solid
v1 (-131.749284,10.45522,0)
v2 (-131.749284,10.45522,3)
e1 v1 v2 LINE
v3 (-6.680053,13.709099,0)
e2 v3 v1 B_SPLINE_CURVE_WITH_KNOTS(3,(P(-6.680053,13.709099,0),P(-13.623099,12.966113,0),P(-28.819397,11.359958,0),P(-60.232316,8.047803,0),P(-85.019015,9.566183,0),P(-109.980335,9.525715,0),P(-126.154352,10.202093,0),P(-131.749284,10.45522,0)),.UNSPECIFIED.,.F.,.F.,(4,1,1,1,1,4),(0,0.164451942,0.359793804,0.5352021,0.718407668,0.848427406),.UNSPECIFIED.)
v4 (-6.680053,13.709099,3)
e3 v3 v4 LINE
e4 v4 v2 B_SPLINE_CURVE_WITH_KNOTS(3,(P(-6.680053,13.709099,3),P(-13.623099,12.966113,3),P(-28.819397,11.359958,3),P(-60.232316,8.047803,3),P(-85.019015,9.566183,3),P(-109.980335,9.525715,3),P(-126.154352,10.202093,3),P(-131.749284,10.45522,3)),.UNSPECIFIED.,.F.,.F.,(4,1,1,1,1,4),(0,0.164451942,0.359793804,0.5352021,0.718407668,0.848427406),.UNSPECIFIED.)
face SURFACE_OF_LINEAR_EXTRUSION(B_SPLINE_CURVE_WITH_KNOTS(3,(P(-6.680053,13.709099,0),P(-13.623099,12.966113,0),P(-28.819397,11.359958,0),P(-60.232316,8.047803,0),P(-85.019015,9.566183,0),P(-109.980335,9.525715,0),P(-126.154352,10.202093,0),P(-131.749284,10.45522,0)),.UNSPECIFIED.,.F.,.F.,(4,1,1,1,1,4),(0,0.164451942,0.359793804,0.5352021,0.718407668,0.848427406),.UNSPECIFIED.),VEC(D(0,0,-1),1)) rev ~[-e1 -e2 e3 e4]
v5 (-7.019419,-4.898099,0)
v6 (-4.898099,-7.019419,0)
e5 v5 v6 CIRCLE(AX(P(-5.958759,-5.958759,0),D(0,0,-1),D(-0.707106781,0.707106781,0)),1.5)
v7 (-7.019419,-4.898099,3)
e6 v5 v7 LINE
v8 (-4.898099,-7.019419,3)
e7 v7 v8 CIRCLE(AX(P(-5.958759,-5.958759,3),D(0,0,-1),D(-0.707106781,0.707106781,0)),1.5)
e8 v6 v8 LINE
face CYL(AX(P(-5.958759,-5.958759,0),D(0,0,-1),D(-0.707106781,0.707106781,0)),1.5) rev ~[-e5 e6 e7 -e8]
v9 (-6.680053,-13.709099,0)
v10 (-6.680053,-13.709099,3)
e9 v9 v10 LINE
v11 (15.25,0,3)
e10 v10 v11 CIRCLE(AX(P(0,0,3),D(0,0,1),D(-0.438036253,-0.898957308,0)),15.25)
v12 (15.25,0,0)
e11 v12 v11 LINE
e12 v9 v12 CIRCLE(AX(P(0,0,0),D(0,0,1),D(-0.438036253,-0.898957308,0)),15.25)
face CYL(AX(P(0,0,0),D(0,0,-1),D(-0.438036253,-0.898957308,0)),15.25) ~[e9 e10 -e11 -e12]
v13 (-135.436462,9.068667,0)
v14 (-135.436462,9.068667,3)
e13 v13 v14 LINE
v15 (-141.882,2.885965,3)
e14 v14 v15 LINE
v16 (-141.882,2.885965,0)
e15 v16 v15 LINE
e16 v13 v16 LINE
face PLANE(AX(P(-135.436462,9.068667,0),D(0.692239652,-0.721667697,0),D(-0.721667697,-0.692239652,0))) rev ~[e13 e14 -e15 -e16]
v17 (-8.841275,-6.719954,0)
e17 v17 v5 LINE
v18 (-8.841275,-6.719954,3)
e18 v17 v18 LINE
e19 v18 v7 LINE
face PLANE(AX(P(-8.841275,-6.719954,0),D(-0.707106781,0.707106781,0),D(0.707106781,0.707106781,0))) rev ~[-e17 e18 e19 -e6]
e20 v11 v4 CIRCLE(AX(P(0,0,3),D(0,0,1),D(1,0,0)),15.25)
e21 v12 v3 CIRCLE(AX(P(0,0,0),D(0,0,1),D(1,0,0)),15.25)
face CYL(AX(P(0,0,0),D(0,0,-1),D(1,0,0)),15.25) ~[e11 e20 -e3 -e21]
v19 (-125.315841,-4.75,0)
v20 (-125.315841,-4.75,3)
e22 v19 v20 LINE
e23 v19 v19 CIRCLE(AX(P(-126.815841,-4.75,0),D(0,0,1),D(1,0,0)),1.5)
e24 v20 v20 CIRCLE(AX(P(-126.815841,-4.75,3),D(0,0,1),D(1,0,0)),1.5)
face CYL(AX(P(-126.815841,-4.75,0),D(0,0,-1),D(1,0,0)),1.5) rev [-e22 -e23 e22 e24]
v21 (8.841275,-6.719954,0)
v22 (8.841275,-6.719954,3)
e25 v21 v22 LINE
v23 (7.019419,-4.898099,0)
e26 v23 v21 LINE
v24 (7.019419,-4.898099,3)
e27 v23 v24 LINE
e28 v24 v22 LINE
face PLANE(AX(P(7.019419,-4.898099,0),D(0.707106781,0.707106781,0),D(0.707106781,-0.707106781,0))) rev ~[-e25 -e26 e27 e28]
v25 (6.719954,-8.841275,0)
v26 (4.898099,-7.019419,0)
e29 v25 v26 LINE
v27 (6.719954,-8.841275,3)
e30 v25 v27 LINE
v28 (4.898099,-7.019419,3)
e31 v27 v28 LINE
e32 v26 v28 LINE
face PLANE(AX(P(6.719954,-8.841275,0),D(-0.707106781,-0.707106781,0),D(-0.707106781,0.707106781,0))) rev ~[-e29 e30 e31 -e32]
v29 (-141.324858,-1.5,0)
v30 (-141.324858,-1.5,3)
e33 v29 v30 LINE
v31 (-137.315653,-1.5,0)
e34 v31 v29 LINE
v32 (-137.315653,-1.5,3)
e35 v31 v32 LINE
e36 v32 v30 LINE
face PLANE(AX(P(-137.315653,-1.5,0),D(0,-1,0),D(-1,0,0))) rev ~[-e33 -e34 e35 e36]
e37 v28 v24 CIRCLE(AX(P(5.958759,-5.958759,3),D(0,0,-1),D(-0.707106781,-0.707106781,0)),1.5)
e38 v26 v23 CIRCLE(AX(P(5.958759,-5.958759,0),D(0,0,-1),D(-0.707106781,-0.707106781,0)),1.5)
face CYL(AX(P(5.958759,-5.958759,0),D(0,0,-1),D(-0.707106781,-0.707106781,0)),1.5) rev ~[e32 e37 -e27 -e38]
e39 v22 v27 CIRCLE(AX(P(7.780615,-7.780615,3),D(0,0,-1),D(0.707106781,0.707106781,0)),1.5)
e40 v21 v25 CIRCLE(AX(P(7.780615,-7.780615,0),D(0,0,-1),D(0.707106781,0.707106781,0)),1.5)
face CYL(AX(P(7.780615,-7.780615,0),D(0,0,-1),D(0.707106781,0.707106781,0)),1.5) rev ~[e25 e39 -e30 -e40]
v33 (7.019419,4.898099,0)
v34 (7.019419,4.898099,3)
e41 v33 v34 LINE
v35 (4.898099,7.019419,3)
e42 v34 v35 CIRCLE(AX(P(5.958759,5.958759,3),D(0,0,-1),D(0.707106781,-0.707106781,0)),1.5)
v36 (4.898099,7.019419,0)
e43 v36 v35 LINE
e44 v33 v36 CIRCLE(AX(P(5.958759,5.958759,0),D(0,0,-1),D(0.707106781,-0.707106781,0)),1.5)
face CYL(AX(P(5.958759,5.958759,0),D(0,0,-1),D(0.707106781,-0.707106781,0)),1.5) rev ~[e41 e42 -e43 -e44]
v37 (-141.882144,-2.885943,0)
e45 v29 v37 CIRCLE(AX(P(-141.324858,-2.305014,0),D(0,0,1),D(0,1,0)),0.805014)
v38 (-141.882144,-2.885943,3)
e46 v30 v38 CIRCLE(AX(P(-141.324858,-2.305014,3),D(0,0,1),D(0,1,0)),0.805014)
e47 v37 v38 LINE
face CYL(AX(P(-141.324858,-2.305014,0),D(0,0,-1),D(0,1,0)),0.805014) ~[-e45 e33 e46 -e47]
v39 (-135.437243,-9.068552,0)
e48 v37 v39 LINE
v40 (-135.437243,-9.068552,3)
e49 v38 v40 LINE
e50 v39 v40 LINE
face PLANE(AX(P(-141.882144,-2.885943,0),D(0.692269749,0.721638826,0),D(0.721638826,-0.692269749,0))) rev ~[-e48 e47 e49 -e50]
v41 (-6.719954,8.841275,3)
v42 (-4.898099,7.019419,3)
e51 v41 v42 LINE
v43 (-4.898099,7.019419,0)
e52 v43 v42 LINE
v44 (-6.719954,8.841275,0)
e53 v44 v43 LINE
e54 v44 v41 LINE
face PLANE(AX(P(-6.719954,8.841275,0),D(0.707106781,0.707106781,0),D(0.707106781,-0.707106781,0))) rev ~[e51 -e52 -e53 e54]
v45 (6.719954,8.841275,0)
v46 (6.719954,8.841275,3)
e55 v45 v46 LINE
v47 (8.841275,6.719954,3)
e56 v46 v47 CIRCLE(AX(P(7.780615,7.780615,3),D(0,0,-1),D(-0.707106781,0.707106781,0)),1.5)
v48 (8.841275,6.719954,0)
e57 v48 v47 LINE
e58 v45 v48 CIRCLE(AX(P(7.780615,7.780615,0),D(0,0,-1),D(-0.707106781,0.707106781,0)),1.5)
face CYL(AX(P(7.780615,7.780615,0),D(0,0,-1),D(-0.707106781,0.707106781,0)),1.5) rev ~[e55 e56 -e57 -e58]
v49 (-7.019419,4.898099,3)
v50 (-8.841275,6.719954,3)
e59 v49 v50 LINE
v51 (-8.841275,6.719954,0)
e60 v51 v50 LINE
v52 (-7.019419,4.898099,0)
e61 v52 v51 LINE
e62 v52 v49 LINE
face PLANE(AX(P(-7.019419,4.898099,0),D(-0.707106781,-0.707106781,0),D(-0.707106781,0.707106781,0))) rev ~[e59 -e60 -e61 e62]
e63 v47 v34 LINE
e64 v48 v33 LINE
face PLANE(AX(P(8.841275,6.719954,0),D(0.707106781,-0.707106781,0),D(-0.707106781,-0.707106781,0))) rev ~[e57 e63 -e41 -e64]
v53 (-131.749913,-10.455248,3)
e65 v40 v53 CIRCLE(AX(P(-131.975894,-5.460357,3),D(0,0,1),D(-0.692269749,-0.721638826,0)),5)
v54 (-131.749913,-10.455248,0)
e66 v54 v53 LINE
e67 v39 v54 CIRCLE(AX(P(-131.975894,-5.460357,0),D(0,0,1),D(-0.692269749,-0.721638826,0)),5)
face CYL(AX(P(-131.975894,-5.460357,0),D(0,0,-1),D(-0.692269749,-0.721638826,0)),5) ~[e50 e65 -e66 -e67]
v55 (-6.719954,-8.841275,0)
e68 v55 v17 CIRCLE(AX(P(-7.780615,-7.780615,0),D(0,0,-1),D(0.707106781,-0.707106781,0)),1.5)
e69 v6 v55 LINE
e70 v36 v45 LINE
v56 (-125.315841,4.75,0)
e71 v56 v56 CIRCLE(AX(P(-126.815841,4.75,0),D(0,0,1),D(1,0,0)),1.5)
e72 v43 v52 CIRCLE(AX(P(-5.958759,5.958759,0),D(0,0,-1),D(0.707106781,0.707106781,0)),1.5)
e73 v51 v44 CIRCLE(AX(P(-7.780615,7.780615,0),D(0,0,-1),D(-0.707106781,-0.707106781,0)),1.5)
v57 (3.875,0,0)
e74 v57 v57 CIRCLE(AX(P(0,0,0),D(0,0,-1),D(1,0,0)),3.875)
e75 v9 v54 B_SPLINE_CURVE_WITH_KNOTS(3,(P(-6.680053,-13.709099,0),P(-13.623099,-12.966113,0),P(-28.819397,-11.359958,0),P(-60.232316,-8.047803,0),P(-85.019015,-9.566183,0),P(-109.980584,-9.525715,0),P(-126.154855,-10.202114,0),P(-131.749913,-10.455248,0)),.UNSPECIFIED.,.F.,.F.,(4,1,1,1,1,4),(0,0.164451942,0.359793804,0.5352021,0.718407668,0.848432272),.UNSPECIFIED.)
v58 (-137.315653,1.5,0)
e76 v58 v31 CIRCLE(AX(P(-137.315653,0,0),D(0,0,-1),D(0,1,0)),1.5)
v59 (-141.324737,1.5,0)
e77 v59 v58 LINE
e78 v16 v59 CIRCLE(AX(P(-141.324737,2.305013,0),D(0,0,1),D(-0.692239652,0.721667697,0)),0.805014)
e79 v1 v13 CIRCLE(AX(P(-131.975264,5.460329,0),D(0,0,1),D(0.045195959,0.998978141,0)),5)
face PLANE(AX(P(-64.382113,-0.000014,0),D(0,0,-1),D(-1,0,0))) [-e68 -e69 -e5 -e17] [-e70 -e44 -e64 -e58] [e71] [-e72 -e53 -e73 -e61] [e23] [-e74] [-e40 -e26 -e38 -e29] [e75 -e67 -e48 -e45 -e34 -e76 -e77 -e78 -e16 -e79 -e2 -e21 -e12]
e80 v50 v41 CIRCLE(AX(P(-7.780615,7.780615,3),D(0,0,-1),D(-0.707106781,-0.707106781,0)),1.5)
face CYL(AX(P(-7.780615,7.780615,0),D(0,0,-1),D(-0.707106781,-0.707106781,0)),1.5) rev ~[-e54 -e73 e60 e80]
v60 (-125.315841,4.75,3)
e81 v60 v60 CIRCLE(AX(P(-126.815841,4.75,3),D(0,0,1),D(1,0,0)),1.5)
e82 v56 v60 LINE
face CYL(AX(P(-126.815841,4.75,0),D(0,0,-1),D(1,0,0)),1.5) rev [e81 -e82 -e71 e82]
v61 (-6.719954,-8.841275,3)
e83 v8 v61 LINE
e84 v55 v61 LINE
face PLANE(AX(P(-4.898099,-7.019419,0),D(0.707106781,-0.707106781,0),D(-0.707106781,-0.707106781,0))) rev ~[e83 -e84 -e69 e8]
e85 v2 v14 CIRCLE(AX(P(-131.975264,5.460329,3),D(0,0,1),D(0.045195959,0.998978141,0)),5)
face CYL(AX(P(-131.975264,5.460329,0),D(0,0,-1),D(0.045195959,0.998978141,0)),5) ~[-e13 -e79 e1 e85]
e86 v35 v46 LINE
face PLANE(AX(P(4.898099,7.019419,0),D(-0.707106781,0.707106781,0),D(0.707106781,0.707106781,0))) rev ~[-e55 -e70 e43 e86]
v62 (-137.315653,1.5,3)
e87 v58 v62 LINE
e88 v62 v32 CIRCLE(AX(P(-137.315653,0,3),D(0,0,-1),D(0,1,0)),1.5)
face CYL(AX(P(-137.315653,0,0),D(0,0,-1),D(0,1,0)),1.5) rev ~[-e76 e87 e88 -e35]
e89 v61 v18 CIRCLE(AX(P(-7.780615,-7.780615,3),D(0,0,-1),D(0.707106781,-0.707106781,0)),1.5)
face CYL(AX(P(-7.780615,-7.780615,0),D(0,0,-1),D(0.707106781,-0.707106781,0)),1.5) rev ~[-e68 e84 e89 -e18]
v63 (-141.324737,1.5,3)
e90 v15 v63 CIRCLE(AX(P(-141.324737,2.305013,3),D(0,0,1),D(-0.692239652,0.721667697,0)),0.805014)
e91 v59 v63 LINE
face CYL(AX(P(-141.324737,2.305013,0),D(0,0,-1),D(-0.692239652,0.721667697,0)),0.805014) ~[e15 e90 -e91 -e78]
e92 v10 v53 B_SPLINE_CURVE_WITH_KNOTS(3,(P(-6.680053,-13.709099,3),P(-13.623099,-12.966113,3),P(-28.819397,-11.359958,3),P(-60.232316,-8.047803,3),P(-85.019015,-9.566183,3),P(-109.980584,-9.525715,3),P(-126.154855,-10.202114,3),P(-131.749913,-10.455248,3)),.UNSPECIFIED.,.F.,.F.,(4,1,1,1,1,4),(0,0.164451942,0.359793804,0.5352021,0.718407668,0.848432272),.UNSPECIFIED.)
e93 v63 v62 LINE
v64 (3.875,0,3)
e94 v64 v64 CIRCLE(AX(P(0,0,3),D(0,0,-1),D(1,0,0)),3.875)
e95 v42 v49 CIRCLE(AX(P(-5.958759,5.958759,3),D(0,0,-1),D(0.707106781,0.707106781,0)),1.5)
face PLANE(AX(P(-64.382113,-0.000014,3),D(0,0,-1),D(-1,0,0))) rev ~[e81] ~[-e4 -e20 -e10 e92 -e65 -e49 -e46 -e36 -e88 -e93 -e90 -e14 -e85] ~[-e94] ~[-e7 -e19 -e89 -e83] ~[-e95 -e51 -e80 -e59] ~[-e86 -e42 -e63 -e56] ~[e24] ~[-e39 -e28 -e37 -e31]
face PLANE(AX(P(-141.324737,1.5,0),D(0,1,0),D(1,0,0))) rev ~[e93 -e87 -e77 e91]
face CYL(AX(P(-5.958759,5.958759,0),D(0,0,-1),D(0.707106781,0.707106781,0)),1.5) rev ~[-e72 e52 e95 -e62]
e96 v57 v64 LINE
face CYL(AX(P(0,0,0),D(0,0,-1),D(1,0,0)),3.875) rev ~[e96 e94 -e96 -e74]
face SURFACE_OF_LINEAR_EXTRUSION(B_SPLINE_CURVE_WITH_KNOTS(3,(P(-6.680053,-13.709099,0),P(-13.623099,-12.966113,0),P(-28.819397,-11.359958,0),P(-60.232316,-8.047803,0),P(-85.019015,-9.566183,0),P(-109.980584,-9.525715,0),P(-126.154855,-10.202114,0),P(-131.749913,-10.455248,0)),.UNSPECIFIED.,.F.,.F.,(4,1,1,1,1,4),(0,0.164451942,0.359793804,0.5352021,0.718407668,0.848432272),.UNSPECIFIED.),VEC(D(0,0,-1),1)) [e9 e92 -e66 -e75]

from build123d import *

# Parameters (mm, degrees)
F0_R     = 1.5
F1_DEPTH = 3


with BuildPart() as f1:
    # F0 (on Top) → F1 (new body)
    with BuildSketch(Plane.XY):
        with BuildLine():
            add(Edge.make_bspline(
                [(-6.6800528609, -13.709098941), (-13.6230988968, -12.966112559), (-28.8193966293, -11.35995774), (-60.2323159734, -8.0478026259), (-85.0190153768, -9.5661829277), (-109.9805836112, -9.5257147655), (-126.15485479, -10.2021136613), (-131.7499125902, -10.4552480482)],
                knots=[0, 0, 0, 0, 0.1644519416, 0.3597938043, 0.5352021003, 0.7184076683, 0.848432272, 0.848432272, 0.848432272, 0.848432272], degree=3))
            ThreePointArc((-6.6800528609, -13.709098941), (8.08367781, -12.9312278251), (15.25, 0))
            ThreePointArc((15.25, 0), (8.08367781, 12.9312278251), (-6.6800528609, 13.709098941))
            add(Edge.make_bspline(
                [(-6.6800528609, 13.709098941), (-13.6230988968, 12.966112559), (-28.8193966293, 11.35995774), (-60.2323159734, 8.0478026259), (-85.0190153768, 9.5661829277), (-109.9803350442, 9.5257151685), (-126.1543522734, 10.2020926465), (-131.749284441, 10.4552196292)],
                knots=[0, 0, 0, 0, 0.1644519416, 0.3597938043, 0.5352021003, 0.7184076683, 0.8484274061, 0.8484274061, 0.8484274061, 0.8484274061], degree=3))
            ThreePointArc((-131.749284441, 10.4552196292), (-133.73517656, 10.1403618969), (-135.4364624932, 9.0686674097))
            Line((-135.4364624932, 9.0686674097), (-141.8819995216, 2.8859654139))
            ThreePointArc((-141.8819995216, 2.8859654139), (-142.0716378967, 2.0047030481), (-141.324737254, 1.4999996692))
            Line((-141.324737254, 1.4999996692), (-137.3156530508, 1.4999996692))
            ThreePointArc((-137.3156530508, 1.4999996692), (-135.8156530508, -3.308e-07), (-137.3156530508, -1.5000003308))
            Line((-137.3156530508, -1.5000003308), (-141.3248578726, -1.5000003308))
            ThreePointArc((-141.3248578726, -1.5000003308), (-142.0717522528, -2.0046881347), (-141.8821443687, -2.8859428339))
            Line((-141.8821443687, -2.8859428339), (-135.4372426608, -9.0685515427))
            ThreePointArc((-135.4372426608, -9.0685515427), (-133.7359031159, -10.1403539548), (-131.7499125902, -10.4552480482))
        make_face()
        with Locations((-126.8158406019, -4.75)):
            Circle(F0_R, mode=Mode.SUBTRACT)
        with BuildLine():
            Line((-8.8412747136, -6.7199543701), (-7.019418932, -4.8980985885))
            ThreePointArc((-7.019418932, -4.8980985885), (-4.8980985885, -4.8980985885), (-4.8980985885, -7.019418932))
            Line((-4.8980985885, -7.019418932), (-6.7199543701, -8.8412747136))
            ThreePointArc((-6.7199543701, -8.8412747136), (-8.8412747136, -8.8412747136), (-8.8412747136, -6.7199543701))
        make_face(mode=Mode.SUBTRACT)
        with BuildLine():
            ThreePointArc((4.8980985885, -7.019418932), (4.8980985885, -4.8980985885), (7.019418932, -4.8980985885))
            Line((7.019418932, -4.8980985885), (8.8412747136, -6.7199543701))
            ThreePointArc((8.8412747136, -6.7199543701), (8.8412747136, -8.8412747136), (6.7199543701, -8.8412747136))
            Line((6.7199543701, -8.8412747136), (4.8980985885, -7.019418932))
        make_face(mode=Mode.SUBTRACT)
        with Locations((-126.8158406019, 4.75)):
            Circle(F0_R, mode=Mode.SUBTRACT)
        with BuildLine():
            ThreePointArc((-3.875, 0), (0, 3.875), (3.875, 0))
            ThreePointArc((3.875, 0), (0, -3.875), (-3.875, 0))
        make_face(mode=Mode.SUBTRACT)
        with BuildLine():
            ThreePointArc((-8.8412747136, 6.7199543701), (-8.8412747136, 8.8412747136), (-6.7199543701, 8.8412747136))
            Line((-6.7199543701, 8.8412747136), (-4.8980985885, 7.019418932))
            ThreePointArc((-4.8980985885, 7.019418932), (-4.8980985885, 4.8980985885), (-7.019418932, 4.8980985885))
            Line((-7.019418932, 4.8980985885), (-8.8412747136, 6.7199543701))
        make_face(mode=Mode.SUBTRACT)
        with BuildLine():
            Line((8.8412747136, 6.7199543701), (7.019418932, 4.8980985885))
            ThreePointArc((7.019418932, 4.8980985885), (4.8980985885, 4.8980985885), (4.8980985885, 7.019418932))
            Line((4.8980985885, 7.019418932), (6.7199543701, 8.8412747136))
            ThreePointArc((6.7199543701, 8.8412747136), (8.8412747136, 8.8412747136), (8.8412747136, 6.7199543701))
        make_face(mode=Mode.SUBTRACT)
    extrude(amount=F1_DEPTH)


solid = f1.part
